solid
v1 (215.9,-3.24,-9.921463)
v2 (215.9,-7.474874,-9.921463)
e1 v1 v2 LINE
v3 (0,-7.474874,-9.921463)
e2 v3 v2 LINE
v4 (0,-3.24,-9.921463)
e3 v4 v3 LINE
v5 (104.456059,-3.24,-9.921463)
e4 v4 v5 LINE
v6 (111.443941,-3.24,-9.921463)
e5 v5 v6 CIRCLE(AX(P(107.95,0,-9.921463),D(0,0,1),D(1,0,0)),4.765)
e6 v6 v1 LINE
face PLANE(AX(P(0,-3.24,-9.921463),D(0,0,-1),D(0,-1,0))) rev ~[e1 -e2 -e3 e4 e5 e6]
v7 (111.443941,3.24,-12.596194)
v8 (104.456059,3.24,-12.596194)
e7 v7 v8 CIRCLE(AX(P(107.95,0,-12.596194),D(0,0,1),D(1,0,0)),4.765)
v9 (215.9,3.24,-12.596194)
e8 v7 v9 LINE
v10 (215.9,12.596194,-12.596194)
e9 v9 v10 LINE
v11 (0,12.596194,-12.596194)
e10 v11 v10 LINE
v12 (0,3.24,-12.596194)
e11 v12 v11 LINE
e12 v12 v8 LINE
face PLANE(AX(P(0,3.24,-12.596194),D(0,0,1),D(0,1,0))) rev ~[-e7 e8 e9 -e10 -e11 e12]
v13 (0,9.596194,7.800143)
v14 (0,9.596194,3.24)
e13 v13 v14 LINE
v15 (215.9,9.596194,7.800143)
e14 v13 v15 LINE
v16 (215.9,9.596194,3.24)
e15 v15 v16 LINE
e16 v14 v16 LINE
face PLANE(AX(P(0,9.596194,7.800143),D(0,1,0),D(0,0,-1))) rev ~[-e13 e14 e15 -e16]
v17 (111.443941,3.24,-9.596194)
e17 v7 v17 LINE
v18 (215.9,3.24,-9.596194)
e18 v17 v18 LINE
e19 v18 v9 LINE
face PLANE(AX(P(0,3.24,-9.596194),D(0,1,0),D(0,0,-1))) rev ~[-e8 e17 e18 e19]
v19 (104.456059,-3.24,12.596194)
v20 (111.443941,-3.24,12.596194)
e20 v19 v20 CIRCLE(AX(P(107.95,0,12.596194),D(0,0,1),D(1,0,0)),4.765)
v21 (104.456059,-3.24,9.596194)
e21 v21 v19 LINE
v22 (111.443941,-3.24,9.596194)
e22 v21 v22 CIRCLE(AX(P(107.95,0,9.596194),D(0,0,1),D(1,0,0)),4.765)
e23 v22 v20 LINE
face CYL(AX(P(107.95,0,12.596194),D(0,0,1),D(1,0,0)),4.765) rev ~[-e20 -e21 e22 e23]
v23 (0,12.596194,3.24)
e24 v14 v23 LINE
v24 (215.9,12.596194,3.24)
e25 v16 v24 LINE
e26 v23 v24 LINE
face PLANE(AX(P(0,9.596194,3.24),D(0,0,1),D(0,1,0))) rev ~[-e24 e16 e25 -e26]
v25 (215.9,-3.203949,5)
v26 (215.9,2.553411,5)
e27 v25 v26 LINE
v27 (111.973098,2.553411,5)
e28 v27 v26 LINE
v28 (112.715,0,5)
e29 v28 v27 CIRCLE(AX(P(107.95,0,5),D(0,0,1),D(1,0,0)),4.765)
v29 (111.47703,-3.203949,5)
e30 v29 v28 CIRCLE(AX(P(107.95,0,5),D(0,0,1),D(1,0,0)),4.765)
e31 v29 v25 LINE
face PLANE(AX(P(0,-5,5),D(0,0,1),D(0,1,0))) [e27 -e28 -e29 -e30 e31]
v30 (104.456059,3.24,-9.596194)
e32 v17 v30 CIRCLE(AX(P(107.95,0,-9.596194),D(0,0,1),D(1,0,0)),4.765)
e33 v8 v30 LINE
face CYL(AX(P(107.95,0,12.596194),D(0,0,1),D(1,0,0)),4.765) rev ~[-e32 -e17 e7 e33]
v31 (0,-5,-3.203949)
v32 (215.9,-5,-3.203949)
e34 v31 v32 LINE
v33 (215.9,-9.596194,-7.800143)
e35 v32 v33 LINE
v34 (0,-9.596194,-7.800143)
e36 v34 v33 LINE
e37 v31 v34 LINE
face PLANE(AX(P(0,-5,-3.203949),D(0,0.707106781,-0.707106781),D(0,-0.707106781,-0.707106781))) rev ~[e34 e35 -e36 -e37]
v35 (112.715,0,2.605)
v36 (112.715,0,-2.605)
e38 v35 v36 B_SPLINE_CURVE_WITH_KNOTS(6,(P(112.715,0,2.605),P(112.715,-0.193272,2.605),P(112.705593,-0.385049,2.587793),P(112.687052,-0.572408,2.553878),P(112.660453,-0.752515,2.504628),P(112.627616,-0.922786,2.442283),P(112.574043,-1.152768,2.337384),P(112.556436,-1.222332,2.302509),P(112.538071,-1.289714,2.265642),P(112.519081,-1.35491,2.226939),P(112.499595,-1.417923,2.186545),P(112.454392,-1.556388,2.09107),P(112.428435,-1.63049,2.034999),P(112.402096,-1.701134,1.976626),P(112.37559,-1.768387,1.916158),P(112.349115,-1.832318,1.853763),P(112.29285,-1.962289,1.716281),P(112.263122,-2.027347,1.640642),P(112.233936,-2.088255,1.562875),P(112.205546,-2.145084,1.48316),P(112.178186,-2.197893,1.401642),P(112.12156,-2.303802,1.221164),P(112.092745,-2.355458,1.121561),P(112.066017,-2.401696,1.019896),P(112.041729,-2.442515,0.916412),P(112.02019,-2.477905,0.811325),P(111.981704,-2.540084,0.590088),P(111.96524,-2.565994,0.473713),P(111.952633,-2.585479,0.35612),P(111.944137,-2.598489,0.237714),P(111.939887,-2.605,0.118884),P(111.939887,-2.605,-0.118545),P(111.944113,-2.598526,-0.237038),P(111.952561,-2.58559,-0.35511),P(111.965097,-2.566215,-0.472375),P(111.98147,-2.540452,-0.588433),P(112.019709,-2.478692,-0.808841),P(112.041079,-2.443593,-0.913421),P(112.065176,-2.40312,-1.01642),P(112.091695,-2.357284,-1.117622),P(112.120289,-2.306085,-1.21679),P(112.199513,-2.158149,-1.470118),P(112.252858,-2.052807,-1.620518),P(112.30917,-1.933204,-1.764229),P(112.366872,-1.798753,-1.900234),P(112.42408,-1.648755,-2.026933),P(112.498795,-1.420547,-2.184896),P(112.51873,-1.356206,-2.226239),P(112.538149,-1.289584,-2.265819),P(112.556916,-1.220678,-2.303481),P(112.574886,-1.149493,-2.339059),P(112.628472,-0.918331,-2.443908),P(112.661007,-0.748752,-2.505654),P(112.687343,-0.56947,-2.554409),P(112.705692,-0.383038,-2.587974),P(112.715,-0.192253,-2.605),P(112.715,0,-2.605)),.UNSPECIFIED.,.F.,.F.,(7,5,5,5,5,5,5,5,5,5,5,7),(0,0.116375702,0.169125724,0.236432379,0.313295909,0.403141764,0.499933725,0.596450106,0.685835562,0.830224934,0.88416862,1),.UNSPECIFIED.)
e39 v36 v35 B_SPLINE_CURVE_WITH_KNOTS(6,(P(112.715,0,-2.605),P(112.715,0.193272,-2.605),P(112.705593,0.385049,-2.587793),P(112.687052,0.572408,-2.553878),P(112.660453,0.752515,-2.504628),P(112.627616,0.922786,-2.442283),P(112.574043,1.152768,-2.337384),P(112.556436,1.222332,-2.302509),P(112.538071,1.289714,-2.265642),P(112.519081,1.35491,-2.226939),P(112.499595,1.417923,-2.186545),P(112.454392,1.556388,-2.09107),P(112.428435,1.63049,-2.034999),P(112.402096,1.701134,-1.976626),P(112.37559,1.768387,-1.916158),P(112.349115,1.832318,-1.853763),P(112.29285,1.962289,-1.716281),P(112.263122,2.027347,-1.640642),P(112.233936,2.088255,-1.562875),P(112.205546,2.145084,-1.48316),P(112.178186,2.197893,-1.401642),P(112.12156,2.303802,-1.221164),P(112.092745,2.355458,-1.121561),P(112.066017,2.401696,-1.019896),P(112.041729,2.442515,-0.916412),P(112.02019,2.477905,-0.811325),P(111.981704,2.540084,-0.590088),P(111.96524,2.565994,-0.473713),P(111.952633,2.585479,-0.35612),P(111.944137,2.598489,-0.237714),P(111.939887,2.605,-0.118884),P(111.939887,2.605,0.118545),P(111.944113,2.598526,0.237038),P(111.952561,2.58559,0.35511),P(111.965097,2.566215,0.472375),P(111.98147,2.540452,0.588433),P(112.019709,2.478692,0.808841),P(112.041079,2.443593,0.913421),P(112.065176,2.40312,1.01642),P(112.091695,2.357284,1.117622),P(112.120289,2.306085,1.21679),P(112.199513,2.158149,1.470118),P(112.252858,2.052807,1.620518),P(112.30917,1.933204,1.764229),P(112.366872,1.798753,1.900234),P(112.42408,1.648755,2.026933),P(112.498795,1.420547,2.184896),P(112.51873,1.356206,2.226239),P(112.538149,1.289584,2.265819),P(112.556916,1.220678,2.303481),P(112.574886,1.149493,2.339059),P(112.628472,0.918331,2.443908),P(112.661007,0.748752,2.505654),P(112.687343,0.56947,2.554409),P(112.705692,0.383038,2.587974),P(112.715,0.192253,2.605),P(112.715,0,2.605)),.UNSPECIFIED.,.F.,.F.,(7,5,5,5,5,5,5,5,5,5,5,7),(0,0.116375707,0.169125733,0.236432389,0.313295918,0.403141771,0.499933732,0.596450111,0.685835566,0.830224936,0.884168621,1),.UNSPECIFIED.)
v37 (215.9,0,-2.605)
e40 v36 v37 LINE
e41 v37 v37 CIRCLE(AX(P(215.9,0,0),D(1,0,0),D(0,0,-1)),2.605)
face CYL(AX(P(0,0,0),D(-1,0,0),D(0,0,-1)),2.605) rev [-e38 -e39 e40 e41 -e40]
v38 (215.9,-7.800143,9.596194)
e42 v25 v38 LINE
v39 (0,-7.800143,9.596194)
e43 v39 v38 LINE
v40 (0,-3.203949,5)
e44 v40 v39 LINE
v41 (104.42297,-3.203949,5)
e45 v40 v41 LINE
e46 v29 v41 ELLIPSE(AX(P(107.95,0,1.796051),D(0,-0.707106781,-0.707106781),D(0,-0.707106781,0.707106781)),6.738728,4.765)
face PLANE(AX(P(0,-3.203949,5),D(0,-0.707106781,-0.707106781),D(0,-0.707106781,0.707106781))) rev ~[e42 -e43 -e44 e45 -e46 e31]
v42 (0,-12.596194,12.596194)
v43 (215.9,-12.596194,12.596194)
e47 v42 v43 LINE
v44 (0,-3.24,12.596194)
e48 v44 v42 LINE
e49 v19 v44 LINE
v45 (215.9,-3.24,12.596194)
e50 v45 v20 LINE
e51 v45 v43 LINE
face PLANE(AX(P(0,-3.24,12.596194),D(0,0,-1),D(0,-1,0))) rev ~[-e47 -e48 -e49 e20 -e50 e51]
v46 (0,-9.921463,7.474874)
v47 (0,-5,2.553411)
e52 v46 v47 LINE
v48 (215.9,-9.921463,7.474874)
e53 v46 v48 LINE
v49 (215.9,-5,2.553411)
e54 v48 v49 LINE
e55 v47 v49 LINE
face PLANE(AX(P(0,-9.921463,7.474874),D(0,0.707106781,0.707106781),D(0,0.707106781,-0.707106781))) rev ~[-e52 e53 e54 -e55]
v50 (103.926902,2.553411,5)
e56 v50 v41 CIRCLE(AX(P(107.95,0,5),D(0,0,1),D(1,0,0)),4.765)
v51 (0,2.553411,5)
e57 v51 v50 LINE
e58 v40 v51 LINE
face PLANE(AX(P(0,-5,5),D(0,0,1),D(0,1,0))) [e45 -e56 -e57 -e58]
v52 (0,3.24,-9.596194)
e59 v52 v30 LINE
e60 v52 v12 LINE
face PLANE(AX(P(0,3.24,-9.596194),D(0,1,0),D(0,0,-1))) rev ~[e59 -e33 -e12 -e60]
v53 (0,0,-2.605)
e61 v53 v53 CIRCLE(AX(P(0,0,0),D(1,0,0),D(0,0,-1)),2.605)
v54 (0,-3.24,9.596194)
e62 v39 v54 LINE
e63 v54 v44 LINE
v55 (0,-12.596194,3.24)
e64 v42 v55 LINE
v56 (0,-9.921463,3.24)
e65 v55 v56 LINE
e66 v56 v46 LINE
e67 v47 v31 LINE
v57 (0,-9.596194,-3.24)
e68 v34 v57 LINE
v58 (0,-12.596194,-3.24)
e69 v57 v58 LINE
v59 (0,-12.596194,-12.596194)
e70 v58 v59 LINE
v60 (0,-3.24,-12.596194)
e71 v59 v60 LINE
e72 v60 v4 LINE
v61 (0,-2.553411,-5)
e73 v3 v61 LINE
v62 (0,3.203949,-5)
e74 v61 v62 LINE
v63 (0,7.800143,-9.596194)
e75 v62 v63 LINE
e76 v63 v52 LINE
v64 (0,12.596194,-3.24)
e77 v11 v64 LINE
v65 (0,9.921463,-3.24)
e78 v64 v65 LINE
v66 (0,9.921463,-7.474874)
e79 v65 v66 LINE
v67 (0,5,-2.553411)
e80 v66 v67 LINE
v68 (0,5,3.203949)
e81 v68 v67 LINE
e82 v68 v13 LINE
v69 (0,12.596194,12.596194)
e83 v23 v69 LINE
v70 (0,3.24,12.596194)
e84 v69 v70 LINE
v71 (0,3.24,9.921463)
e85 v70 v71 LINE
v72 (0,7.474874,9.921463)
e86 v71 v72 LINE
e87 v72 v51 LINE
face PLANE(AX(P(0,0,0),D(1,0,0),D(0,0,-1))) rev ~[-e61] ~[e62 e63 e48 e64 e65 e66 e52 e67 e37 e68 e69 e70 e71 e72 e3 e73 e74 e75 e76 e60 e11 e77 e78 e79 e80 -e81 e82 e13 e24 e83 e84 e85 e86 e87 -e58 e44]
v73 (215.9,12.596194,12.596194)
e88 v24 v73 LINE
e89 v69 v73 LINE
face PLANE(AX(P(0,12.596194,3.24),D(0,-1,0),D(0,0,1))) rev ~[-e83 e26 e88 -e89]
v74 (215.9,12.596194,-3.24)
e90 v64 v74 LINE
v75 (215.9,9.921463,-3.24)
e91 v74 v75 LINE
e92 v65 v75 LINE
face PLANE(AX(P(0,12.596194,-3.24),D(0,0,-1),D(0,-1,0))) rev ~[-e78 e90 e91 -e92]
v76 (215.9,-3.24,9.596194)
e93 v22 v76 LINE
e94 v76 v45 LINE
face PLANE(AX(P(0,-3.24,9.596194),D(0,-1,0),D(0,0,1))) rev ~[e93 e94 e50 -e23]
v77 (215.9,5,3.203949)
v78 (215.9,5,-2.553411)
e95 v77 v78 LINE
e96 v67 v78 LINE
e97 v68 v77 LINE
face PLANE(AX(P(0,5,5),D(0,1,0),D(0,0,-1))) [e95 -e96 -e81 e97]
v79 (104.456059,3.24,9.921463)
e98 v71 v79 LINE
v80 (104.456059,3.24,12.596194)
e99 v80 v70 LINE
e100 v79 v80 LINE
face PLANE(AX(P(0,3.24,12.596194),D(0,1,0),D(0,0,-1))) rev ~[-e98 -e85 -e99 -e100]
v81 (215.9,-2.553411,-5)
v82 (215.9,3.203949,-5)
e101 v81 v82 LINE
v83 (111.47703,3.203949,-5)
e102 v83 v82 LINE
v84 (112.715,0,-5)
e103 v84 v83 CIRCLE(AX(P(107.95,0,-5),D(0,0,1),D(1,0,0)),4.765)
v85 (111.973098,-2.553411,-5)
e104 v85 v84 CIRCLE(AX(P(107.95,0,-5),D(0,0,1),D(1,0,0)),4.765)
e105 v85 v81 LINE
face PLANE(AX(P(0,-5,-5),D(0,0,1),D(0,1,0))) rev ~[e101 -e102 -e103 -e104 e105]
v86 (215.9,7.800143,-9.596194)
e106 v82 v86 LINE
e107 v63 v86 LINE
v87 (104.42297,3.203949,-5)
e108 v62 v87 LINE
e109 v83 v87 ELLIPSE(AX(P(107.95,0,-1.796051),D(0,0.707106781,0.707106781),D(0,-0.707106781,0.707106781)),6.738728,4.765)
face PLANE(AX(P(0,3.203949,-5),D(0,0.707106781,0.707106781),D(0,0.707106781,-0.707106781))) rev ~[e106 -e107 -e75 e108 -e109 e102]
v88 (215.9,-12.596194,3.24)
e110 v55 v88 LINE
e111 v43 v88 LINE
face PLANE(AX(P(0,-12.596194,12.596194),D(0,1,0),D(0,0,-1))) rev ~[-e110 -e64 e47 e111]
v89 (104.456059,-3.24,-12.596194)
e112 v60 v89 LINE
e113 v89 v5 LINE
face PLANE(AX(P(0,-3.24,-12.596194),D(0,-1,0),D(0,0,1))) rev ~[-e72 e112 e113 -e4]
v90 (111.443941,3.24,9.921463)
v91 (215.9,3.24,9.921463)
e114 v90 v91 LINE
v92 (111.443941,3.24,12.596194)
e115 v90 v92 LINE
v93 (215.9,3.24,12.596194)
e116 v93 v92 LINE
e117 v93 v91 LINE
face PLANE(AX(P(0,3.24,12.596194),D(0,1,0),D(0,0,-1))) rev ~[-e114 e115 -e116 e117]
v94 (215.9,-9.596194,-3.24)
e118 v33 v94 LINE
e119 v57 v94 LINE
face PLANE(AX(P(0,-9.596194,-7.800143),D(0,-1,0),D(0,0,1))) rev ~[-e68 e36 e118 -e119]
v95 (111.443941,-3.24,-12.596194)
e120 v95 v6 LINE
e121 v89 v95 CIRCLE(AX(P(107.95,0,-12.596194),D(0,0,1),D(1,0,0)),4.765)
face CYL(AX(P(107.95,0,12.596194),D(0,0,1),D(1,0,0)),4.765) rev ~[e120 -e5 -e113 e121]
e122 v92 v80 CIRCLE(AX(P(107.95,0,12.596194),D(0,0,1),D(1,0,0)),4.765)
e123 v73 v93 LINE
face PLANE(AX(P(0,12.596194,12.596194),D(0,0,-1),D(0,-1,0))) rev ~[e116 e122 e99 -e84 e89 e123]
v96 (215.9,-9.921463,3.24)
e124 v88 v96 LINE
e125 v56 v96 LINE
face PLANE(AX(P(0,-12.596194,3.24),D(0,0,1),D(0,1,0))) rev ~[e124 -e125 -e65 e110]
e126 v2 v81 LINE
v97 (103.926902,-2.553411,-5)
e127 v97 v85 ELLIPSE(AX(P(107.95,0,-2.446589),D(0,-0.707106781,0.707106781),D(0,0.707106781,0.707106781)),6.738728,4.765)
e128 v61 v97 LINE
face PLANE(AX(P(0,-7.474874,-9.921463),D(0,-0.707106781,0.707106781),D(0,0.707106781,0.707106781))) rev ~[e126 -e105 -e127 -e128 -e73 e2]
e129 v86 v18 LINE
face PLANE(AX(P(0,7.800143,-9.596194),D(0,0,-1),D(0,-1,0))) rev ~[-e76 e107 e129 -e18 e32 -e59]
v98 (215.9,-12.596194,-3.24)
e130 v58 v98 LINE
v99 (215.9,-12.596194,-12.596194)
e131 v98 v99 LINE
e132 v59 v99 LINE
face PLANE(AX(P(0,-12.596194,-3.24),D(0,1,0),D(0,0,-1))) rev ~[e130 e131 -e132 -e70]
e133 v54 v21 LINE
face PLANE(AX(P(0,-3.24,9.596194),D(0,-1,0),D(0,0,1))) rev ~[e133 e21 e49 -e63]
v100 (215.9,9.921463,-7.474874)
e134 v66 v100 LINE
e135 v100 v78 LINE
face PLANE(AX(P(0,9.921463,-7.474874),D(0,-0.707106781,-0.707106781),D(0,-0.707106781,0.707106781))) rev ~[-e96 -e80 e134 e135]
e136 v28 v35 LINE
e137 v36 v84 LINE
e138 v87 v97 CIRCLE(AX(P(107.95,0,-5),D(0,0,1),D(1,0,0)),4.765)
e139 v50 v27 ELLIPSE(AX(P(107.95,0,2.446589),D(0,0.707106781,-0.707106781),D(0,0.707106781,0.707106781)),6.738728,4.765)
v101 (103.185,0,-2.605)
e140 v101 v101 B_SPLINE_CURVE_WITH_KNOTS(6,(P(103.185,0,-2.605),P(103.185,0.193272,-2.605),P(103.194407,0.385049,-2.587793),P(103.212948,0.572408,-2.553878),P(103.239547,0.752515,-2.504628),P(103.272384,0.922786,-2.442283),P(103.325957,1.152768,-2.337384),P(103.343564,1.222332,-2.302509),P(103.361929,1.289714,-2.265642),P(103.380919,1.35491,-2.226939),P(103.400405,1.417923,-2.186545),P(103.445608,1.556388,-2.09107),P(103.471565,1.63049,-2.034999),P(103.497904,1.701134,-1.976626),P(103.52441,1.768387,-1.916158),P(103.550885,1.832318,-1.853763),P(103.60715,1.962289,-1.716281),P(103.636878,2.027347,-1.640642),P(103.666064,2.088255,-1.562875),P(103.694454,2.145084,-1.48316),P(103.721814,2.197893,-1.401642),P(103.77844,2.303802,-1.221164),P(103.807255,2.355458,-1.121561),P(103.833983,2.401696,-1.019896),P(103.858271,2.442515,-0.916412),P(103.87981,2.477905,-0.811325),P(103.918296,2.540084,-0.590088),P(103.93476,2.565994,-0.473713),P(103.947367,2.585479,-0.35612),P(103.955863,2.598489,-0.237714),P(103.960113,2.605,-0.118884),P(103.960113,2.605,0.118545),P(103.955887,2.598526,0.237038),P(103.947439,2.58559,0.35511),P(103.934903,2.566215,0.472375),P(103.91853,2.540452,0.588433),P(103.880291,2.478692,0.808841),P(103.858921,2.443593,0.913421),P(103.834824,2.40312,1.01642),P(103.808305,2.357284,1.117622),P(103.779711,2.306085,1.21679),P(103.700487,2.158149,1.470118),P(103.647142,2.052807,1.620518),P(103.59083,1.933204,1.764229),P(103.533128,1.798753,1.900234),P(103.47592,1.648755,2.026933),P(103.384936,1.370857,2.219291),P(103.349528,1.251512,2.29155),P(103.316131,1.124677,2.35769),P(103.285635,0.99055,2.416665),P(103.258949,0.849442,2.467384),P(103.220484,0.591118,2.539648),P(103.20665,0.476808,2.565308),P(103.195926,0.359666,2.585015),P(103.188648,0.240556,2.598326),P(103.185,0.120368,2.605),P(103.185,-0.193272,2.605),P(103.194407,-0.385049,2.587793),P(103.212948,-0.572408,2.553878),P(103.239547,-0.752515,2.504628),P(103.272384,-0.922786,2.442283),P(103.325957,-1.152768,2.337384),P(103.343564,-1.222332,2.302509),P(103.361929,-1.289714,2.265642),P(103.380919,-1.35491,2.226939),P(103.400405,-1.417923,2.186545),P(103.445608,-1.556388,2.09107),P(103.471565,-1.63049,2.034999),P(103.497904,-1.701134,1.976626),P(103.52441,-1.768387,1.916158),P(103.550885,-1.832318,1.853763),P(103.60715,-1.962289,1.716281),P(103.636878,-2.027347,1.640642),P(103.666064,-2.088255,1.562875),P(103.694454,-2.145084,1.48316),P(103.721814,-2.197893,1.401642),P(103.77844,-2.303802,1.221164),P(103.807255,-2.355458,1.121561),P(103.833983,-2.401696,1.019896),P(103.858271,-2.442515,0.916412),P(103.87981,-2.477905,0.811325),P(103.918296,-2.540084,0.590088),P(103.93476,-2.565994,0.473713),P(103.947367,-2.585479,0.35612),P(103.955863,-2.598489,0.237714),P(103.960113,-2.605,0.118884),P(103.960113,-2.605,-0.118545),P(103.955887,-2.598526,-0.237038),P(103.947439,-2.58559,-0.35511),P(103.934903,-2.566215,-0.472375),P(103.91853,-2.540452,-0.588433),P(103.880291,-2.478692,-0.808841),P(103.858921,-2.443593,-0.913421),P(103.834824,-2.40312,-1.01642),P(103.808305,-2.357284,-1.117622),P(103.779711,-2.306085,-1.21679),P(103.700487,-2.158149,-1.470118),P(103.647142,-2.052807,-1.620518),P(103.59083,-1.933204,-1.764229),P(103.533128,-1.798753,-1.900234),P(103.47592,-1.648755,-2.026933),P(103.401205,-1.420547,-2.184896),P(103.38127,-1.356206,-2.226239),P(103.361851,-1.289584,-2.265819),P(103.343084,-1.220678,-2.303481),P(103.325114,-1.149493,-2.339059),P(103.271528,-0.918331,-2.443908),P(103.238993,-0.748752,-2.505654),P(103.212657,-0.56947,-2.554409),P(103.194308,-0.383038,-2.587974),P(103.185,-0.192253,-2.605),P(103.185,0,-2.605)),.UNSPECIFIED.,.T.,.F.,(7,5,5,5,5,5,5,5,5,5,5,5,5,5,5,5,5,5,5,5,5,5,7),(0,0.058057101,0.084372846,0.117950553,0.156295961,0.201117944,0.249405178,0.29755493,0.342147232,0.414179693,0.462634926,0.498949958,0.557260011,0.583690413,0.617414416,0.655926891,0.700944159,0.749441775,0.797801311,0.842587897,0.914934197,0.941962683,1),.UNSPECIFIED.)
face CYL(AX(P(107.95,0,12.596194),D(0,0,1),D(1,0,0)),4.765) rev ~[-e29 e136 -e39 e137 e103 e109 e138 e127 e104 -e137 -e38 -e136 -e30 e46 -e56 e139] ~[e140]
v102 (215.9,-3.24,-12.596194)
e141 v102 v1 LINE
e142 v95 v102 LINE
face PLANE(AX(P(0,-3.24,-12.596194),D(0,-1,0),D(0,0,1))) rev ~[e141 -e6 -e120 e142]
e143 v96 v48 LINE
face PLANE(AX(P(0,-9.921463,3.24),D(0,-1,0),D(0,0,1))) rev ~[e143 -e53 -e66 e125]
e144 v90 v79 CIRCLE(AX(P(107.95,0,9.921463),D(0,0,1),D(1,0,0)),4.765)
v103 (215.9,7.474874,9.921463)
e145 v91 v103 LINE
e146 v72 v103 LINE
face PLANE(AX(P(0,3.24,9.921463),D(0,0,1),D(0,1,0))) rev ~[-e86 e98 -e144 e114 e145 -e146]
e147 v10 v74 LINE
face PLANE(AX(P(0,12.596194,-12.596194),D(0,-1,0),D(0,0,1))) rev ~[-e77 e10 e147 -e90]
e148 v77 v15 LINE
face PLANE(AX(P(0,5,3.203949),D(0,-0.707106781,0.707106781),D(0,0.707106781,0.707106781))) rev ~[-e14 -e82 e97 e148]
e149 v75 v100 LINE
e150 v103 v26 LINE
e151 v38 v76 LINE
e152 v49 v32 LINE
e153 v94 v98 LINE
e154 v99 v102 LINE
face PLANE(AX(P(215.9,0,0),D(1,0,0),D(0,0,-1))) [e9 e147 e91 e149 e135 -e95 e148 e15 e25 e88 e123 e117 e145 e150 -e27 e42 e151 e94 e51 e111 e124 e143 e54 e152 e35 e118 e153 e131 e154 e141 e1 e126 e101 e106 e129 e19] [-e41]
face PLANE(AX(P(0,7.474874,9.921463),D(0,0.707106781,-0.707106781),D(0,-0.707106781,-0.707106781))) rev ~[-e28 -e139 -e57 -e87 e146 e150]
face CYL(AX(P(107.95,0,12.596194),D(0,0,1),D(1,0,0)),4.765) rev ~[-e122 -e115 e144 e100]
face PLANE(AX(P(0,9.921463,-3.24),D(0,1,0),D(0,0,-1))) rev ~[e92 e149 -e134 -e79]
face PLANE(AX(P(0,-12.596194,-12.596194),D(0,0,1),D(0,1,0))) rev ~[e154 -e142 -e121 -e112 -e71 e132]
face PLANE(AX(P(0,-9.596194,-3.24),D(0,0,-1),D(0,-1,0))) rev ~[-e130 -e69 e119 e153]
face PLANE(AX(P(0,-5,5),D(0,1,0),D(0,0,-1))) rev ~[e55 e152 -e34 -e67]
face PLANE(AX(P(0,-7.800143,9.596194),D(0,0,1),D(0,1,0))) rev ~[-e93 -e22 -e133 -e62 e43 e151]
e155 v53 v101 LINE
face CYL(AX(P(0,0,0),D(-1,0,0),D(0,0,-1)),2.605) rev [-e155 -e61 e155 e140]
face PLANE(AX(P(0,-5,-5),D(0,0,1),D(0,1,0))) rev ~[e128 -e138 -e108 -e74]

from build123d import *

# Parameters (mm, degrees)
SKETCH1_R               = 2.605
BOSS_EXTRUDE1_DEPTH     = 215.9
CIRPATTERN1_COUNT       = 4
CUT_EXTRUDE2_DEPTH      = 10
CUT_EXTRUDE2_DEPTH_BACK = 50
SKETCH2_R               = 4.765


with BuildPart() as part:
    # Sketch1 → Boss-Extrude1 (new body)
    with BuildSketch(Plane(origin=(0, 0, 0), x_dir=(0, 0, -1), z_dir=(1, 0, 0))):
        Polygon((5, -5), (5, 3.203948776), (9.596194078, 7.800142853), (9.596194078, 3.24), (12.596194078, 3.24), (12.596194078, 12.596194078), (3.24, 12.596194078), (3.24, 9.921463197), (7.474873734, 9.921463197), (2.553410537, 5), (-5, 5), (-5, -5), align=None)
        Circle(SKETCH1_R, mode=Mode.SUBTRACT)
    boss_extrude1 = extrude(amount=BOSS_EXTRUDE1_DEPTH)

    # CirPattern1: Boss-Extrude1 ×4 about axis
    cirpattern1_axis = Axis((0, 0, 0), (1, 0, 0))
    for i in range(1, CIRPATTERN1_COUNT):
        add(boss_extrude1.rotate(cirpattern1_axis, i * 360 / CIRPATTERN1_COUNT))

    # Sketch2 → Cut-Extrude2 (cut, two sides: drawn at the far end of the back side and taken through both)
    with BuildSketch(Plane.XY.offset(12.596194078).offset(-CUT_EXTRUDE2_DEPTH_BACK)):
        with Locations((107.95, 0)):
            Circle(SKETCH2_R)
    extrude(amount=CUT_EXTRUDE2_DEPTH + CUT_EXTRUDE2_DEPTH_BACK, mode=Mode.SUBTRACT)


solid = part.part
